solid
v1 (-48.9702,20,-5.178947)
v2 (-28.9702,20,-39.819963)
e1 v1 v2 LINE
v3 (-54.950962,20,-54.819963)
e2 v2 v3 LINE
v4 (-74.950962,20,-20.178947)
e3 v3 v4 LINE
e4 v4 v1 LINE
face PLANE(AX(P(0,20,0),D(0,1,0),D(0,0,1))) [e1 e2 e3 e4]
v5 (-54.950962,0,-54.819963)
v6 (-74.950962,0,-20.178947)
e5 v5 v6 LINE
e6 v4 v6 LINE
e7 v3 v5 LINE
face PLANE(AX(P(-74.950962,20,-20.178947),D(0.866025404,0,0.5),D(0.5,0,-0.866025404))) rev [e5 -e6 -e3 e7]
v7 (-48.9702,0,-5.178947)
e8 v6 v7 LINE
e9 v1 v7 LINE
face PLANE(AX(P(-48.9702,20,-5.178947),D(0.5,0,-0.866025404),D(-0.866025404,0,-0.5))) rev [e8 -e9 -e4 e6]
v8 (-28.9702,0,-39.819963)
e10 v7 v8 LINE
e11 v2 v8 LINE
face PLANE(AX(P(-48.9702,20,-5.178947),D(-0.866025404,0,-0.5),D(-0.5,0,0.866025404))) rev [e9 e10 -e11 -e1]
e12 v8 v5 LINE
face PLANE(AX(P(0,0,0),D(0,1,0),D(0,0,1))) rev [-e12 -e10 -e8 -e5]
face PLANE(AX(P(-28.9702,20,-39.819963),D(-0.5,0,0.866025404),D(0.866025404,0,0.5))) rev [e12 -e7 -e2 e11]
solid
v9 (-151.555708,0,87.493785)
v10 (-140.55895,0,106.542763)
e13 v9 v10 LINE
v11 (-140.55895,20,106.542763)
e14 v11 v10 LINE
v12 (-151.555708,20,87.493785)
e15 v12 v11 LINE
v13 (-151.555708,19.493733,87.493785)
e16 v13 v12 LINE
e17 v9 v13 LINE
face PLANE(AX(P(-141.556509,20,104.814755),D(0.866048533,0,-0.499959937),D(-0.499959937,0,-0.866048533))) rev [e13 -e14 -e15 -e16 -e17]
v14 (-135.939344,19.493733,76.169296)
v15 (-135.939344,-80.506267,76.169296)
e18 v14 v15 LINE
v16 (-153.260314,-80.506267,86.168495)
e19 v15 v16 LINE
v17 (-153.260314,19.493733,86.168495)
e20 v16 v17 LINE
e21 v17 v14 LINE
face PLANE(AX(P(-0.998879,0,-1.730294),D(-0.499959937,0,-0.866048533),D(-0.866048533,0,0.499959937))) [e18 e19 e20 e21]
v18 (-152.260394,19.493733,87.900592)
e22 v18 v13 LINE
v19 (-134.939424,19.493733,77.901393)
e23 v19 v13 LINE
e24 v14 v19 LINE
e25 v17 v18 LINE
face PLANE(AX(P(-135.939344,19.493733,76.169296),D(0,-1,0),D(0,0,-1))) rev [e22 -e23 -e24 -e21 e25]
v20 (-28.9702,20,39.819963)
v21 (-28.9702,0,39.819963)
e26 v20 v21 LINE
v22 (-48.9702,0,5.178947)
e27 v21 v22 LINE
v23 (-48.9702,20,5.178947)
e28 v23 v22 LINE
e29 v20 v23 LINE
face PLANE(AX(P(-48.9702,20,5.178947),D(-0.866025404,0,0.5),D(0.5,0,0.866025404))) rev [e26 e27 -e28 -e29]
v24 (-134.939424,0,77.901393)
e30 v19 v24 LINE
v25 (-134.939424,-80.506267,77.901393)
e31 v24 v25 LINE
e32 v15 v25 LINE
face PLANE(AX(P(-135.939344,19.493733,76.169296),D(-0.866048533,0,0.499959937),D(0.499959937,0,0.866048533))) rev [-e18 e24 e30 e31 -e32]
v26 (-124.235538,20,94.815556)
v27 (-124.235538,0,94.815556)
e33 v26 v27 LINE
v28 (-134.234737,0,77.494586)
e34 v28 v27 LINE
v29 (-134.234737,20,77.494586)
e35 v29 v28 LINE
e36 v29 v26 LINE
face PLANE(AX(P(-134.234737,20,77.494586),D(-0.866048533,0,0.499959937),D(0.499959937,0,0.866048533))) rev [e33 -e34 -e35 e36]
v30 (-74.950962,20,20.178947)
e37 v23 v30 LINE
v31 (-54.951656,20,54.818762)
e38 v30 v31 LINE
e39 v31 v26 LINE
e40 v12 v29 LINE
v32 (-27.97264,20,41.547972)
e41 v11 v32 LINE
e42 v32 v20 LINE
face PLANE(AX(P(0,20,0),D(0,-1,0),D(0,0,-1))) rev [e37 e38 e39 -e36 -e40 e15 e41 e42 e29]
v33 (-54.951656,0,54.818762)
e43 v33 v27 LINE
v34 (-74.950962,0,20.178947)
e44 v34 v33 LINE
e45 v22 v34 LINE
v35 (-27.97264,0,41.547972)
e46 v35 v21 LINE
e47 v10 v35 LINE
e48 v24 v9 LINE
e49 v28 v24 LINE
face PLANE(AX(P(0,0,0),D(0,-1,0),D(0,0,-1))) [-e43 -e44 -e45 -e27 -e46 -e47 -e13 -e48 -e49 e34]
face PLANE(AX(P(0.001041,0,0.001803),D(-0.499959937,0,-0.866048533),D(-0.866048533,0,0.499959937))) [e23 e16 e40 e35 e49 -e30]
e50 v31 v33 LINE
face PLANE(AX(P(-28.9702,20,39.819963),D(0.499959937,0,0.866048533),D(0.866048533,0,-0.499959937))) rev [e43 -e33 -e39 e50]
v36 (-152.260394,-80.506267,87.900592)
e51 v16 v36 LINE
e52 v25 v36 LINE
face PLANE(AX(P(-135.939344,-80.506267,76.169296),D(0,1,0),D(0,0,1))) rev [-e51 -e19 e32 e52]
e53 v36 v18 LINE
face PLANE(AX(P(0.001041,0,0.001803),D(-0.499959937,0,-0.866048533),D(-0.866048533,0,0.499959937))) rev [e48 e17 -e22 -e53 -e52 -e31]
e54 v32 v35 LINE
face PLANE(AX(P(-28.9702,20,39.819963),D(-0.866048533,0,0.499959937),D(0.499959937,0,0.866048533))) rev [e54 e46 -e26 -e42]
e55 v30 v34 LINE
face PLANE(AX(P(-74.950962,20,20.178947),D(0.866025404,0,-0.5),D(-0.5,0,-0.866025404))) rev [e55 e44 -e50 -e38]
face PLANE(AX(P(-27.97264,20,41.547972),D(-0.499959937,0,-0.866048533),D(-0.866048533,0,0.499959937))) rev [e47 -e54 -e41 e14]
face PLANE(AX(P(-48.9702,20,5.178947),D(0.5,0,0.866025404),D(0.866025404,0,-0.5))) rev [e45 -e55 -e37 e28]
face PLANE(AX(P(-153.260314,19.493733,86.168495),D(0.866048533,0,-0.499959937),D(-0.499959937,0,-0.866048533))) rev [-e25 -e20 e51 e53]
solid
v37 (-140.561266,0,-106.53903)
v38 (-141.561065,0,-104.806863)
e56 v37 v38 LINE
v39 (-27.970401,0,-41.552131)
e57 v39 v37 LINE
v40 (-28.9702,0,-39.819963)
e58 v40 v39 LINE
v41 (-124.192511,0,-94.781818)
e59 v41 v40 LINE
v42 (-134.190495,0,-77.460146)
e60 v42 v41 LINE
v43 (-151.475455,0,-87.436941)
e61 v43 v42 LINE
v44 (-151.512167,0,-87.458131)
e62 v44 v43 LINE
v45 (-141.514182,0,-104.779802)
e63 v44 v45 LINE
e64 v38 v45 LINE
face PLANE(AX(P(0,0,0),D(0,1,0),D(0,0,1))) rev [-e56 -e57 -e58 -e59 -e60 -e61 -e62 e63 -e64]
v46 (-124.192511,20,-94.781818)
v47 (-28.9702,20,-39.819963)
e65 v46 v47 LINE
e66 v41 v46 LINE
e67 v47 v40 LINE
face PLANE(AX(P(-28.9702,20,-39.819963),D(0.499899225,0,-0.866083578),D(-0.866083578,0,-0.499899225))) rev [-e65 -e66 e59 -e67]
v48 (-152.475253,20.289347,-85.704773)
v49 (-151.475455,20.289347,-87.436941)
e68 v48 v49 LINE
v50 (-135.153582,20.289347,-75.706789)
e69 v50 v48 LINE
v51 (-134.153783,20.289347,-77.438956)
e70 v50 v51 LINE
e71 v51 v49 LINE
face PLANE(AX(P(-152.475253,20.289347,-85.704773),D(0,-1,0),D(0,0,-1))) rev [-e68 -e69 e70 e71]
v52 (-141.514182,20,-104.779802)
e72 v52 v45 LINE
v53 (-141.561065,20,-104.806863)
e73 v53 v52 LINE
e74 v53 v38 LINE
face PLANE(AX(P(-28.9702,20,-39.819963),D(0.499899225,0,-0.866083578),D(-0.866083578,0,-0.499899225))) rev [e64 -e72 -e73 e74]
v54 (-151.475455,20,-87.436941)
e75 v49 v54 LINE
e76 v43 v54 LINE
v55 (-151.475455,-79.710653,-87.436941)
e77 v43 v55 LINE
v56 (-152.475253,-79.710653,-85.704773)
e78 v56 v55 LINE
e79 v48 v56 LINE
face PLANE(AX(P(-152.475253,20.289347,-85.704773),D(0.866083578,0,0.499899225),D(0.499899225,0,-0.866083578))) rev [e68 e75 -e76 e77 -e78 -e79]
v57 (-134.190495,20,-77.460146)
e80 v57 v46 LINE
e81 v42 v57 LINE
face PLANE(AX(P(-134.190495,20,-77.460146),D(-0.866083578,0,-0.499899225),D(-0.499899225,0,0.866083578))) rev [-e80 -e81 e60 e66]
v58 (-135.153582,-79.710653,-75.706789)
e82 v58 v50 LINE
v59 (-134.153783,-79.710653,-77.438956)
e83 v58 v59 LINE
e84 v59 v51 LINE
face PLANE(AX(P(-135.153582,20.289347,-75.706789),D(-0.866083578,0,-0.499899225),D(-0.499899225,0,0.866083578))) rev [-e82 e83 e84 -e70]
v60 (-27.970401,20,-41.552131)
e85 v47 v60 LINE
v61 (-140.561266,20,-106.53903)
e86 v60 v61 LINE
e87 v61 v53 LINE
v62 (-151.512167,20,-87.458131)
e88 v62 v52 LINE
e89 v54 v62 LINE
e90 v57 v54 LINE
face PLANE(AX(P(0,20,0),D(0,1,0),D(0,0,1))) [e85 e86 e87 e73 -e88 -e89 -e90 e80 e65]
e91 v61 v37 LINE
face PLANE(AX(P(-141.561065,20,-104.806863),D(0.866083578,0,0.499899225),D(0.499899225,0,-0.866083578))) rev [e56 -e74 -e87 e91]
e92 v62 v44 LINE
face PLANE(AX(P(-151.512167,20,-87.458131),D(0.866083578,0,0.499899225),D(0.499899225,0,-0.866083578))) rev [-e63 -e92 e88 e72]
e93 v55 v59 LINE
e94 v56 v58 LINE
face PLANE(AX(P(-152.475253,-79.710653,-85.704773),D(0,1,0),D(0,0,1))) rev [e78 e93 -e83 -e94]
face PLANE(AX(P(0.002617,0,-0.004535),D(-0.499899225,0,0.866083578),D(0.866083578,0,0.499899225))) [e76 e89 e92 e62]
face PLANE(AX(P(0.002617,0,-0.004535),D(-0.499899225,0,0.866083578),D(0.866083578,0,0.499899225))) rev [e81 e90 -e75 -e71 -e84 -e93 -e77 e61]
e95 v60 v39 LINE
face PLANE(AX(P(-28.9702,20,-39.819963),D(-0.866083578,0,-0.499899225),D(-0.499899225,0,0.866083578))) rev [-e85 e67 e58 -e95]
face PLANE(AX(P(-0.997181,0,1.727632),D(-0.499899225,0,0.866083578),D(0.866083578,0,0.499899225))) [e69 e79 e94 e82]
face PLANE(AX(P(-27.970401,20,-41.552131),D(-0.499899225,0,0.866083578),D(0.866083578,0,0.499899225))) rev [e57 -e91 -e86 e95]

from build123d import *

# Parameters (mm, degrees)
EXTRUDE_1_DEPTH   = 20
EXTRUDE_1_2_DEPTH = 20
EXTRUDE_2_DEPTH   = 20
SKETCH_5_W        = 20
SKETCH_5_H        = 20
EXTRUDE_3_DEPTH   = 20
SKETCH_6_W        = 20
SKETCH_6_H        = 20
EXTRUDE_4_DEPTH   = 20
SKETCH_7_W        = 20
SKETCH_7_H        = 100
EXTRUDE_5_DEPTH   = 2
SKETCH_8_W        = 20
SKETCH_8_H        = 100
EXTRUDE_6_DEPTH   = 2


with BuildPart() as part:
    # 草图3 → 凸台-拉伸1 (new body)
    with BuildSketch(Plane(origin=(0, 0, 0), x_dir=(1, 0, 0), z_dir=(0, 1, 0))):
        Polygon((-48.970199781, -5.178947258), (-74.950961894, -20.178947258), (-54.950961894, -54.81996341), (-28.970199781, -39.81996341), align=None)
    extrude(amount=EXTRUDE_1_DEPTH)

    # 草图4 → 凸台-拉伸2 (add)
    with BuildSketch(Plane(origin=(0, 0, 0), x_dir=(1, 0, 0), z_dir=(0, 1, 0))):
        Polygon((-28.970199781, -39.81996341), (-141.556509073, -104.814755201), (-140.558949664, -106.542763385), (-27.972640372, -41.547971593), align=None)
        Polygon((-28.970199776, 39.81996341), (-141.561064948, 104.806862704), (-140.561266498, 106.539029861), (-27.970401326, 41.552130566), align=None)
    extrude(amount=EXTRUDE_2_DEPTH)


with BuildPart() as body_2:
    # 草图3 → Extrude 1 2 (new body)
    with BuildSketch(Plane(origin=(0, 0, 0), x_dir=(1, 0, 0), z_dir=(0, 1, 0))):
        Polygon((-48.970199776, 5.178947259), (-74.95096189, 20.178947259), (-54.95096189, 54.81996341), (-28.970199776, 39.81996341), align=None)
    extrude(amount=EXTRUDE_1_2_DEPTH)


with BuildPart() as extrude_2_piece_1:
    # of the separate pieces the step leaves, piece 1, a body of its own (extrude_2_pieces)
    add(part.part.solids().sort_by_distance((-48.970199781, 0, 5.178947258))[0])

    # 草图5 → 凸台-拉伸3 (add)
    with BuildSketch(Plane(origin=(10.000239475, 0, 17.322773464), x_dir=(-0.8660485330140629, 0, 0.4999599368591344), z_dir=(-0.49995993685913437, 0, -0.8660485330140628))):
        with Locations((164.997985413, 10)):
            Rectangle(SKETCH_5_W, SKETCH_5_H)
    extrude(amount=EXTRUDE_3_DEPTH)

    # 草图7 → 凸台-拉伸5 (add)
    with BuildSketch(Plane(origin=(0.001040738, 0, 0.001802803), x_dir=(-0.8660485330140629, 0, 0.4999599368591345), z_dir=(-0.4999599368591345, 0, -0.8660485330140629))):
        with Locations((165.811665731, -30.506267148)):
            Rectangle(SKETCH_7_W, SKETCH_7_H)
    extrude(amount=EXTRUDE_5_DEPTH)


with BuildPart() as extrude_2_piece_2:
    # of the separate pieces the step leaves, piece 2, a body of its own (extrude_2_pieces)
    add(part.part.solids().sort_by_distance((-28.970199776, 0, -39.81996341))[0])

    # 草图6 → 凸台-拉伸4 (add)
    with BuildSketch(Plane(origin=(10.000601964, 0, -17.326206352), x_dir=(0.8660835782445356, 0, 0.4998992253396093), z_dir=(-0.49989922533960923, 0, 0.8660835782445355))):
        with Locations((-164.94245125, 10)):
            Rectangle(SKETCH_6_W, SKETCH_6_H)
    extrude(amount=EXTRUDE_4_DEPTH)

    # 草图8 → 凸台-拉伸6 (add)
    with BuildSketch(Plane(origin=(0.002617457, 0, -0.004534787), x_dir=(0.8660835782445356, 0, 0.4998992253396092), z_dir=(-0.4998992253396092, 0, 0.8660835782445356))):
        with Locations((-164.900062676, -29.71065336)):
            Rectangle(SKETCH_8_W, SKETCH_8_H)
    extrude(amount=EXTRUDE_6_DEPTH)


solid = Compound([body_2.part, extrude_2_piece_1.part, extrude_2_piece_2.part])
